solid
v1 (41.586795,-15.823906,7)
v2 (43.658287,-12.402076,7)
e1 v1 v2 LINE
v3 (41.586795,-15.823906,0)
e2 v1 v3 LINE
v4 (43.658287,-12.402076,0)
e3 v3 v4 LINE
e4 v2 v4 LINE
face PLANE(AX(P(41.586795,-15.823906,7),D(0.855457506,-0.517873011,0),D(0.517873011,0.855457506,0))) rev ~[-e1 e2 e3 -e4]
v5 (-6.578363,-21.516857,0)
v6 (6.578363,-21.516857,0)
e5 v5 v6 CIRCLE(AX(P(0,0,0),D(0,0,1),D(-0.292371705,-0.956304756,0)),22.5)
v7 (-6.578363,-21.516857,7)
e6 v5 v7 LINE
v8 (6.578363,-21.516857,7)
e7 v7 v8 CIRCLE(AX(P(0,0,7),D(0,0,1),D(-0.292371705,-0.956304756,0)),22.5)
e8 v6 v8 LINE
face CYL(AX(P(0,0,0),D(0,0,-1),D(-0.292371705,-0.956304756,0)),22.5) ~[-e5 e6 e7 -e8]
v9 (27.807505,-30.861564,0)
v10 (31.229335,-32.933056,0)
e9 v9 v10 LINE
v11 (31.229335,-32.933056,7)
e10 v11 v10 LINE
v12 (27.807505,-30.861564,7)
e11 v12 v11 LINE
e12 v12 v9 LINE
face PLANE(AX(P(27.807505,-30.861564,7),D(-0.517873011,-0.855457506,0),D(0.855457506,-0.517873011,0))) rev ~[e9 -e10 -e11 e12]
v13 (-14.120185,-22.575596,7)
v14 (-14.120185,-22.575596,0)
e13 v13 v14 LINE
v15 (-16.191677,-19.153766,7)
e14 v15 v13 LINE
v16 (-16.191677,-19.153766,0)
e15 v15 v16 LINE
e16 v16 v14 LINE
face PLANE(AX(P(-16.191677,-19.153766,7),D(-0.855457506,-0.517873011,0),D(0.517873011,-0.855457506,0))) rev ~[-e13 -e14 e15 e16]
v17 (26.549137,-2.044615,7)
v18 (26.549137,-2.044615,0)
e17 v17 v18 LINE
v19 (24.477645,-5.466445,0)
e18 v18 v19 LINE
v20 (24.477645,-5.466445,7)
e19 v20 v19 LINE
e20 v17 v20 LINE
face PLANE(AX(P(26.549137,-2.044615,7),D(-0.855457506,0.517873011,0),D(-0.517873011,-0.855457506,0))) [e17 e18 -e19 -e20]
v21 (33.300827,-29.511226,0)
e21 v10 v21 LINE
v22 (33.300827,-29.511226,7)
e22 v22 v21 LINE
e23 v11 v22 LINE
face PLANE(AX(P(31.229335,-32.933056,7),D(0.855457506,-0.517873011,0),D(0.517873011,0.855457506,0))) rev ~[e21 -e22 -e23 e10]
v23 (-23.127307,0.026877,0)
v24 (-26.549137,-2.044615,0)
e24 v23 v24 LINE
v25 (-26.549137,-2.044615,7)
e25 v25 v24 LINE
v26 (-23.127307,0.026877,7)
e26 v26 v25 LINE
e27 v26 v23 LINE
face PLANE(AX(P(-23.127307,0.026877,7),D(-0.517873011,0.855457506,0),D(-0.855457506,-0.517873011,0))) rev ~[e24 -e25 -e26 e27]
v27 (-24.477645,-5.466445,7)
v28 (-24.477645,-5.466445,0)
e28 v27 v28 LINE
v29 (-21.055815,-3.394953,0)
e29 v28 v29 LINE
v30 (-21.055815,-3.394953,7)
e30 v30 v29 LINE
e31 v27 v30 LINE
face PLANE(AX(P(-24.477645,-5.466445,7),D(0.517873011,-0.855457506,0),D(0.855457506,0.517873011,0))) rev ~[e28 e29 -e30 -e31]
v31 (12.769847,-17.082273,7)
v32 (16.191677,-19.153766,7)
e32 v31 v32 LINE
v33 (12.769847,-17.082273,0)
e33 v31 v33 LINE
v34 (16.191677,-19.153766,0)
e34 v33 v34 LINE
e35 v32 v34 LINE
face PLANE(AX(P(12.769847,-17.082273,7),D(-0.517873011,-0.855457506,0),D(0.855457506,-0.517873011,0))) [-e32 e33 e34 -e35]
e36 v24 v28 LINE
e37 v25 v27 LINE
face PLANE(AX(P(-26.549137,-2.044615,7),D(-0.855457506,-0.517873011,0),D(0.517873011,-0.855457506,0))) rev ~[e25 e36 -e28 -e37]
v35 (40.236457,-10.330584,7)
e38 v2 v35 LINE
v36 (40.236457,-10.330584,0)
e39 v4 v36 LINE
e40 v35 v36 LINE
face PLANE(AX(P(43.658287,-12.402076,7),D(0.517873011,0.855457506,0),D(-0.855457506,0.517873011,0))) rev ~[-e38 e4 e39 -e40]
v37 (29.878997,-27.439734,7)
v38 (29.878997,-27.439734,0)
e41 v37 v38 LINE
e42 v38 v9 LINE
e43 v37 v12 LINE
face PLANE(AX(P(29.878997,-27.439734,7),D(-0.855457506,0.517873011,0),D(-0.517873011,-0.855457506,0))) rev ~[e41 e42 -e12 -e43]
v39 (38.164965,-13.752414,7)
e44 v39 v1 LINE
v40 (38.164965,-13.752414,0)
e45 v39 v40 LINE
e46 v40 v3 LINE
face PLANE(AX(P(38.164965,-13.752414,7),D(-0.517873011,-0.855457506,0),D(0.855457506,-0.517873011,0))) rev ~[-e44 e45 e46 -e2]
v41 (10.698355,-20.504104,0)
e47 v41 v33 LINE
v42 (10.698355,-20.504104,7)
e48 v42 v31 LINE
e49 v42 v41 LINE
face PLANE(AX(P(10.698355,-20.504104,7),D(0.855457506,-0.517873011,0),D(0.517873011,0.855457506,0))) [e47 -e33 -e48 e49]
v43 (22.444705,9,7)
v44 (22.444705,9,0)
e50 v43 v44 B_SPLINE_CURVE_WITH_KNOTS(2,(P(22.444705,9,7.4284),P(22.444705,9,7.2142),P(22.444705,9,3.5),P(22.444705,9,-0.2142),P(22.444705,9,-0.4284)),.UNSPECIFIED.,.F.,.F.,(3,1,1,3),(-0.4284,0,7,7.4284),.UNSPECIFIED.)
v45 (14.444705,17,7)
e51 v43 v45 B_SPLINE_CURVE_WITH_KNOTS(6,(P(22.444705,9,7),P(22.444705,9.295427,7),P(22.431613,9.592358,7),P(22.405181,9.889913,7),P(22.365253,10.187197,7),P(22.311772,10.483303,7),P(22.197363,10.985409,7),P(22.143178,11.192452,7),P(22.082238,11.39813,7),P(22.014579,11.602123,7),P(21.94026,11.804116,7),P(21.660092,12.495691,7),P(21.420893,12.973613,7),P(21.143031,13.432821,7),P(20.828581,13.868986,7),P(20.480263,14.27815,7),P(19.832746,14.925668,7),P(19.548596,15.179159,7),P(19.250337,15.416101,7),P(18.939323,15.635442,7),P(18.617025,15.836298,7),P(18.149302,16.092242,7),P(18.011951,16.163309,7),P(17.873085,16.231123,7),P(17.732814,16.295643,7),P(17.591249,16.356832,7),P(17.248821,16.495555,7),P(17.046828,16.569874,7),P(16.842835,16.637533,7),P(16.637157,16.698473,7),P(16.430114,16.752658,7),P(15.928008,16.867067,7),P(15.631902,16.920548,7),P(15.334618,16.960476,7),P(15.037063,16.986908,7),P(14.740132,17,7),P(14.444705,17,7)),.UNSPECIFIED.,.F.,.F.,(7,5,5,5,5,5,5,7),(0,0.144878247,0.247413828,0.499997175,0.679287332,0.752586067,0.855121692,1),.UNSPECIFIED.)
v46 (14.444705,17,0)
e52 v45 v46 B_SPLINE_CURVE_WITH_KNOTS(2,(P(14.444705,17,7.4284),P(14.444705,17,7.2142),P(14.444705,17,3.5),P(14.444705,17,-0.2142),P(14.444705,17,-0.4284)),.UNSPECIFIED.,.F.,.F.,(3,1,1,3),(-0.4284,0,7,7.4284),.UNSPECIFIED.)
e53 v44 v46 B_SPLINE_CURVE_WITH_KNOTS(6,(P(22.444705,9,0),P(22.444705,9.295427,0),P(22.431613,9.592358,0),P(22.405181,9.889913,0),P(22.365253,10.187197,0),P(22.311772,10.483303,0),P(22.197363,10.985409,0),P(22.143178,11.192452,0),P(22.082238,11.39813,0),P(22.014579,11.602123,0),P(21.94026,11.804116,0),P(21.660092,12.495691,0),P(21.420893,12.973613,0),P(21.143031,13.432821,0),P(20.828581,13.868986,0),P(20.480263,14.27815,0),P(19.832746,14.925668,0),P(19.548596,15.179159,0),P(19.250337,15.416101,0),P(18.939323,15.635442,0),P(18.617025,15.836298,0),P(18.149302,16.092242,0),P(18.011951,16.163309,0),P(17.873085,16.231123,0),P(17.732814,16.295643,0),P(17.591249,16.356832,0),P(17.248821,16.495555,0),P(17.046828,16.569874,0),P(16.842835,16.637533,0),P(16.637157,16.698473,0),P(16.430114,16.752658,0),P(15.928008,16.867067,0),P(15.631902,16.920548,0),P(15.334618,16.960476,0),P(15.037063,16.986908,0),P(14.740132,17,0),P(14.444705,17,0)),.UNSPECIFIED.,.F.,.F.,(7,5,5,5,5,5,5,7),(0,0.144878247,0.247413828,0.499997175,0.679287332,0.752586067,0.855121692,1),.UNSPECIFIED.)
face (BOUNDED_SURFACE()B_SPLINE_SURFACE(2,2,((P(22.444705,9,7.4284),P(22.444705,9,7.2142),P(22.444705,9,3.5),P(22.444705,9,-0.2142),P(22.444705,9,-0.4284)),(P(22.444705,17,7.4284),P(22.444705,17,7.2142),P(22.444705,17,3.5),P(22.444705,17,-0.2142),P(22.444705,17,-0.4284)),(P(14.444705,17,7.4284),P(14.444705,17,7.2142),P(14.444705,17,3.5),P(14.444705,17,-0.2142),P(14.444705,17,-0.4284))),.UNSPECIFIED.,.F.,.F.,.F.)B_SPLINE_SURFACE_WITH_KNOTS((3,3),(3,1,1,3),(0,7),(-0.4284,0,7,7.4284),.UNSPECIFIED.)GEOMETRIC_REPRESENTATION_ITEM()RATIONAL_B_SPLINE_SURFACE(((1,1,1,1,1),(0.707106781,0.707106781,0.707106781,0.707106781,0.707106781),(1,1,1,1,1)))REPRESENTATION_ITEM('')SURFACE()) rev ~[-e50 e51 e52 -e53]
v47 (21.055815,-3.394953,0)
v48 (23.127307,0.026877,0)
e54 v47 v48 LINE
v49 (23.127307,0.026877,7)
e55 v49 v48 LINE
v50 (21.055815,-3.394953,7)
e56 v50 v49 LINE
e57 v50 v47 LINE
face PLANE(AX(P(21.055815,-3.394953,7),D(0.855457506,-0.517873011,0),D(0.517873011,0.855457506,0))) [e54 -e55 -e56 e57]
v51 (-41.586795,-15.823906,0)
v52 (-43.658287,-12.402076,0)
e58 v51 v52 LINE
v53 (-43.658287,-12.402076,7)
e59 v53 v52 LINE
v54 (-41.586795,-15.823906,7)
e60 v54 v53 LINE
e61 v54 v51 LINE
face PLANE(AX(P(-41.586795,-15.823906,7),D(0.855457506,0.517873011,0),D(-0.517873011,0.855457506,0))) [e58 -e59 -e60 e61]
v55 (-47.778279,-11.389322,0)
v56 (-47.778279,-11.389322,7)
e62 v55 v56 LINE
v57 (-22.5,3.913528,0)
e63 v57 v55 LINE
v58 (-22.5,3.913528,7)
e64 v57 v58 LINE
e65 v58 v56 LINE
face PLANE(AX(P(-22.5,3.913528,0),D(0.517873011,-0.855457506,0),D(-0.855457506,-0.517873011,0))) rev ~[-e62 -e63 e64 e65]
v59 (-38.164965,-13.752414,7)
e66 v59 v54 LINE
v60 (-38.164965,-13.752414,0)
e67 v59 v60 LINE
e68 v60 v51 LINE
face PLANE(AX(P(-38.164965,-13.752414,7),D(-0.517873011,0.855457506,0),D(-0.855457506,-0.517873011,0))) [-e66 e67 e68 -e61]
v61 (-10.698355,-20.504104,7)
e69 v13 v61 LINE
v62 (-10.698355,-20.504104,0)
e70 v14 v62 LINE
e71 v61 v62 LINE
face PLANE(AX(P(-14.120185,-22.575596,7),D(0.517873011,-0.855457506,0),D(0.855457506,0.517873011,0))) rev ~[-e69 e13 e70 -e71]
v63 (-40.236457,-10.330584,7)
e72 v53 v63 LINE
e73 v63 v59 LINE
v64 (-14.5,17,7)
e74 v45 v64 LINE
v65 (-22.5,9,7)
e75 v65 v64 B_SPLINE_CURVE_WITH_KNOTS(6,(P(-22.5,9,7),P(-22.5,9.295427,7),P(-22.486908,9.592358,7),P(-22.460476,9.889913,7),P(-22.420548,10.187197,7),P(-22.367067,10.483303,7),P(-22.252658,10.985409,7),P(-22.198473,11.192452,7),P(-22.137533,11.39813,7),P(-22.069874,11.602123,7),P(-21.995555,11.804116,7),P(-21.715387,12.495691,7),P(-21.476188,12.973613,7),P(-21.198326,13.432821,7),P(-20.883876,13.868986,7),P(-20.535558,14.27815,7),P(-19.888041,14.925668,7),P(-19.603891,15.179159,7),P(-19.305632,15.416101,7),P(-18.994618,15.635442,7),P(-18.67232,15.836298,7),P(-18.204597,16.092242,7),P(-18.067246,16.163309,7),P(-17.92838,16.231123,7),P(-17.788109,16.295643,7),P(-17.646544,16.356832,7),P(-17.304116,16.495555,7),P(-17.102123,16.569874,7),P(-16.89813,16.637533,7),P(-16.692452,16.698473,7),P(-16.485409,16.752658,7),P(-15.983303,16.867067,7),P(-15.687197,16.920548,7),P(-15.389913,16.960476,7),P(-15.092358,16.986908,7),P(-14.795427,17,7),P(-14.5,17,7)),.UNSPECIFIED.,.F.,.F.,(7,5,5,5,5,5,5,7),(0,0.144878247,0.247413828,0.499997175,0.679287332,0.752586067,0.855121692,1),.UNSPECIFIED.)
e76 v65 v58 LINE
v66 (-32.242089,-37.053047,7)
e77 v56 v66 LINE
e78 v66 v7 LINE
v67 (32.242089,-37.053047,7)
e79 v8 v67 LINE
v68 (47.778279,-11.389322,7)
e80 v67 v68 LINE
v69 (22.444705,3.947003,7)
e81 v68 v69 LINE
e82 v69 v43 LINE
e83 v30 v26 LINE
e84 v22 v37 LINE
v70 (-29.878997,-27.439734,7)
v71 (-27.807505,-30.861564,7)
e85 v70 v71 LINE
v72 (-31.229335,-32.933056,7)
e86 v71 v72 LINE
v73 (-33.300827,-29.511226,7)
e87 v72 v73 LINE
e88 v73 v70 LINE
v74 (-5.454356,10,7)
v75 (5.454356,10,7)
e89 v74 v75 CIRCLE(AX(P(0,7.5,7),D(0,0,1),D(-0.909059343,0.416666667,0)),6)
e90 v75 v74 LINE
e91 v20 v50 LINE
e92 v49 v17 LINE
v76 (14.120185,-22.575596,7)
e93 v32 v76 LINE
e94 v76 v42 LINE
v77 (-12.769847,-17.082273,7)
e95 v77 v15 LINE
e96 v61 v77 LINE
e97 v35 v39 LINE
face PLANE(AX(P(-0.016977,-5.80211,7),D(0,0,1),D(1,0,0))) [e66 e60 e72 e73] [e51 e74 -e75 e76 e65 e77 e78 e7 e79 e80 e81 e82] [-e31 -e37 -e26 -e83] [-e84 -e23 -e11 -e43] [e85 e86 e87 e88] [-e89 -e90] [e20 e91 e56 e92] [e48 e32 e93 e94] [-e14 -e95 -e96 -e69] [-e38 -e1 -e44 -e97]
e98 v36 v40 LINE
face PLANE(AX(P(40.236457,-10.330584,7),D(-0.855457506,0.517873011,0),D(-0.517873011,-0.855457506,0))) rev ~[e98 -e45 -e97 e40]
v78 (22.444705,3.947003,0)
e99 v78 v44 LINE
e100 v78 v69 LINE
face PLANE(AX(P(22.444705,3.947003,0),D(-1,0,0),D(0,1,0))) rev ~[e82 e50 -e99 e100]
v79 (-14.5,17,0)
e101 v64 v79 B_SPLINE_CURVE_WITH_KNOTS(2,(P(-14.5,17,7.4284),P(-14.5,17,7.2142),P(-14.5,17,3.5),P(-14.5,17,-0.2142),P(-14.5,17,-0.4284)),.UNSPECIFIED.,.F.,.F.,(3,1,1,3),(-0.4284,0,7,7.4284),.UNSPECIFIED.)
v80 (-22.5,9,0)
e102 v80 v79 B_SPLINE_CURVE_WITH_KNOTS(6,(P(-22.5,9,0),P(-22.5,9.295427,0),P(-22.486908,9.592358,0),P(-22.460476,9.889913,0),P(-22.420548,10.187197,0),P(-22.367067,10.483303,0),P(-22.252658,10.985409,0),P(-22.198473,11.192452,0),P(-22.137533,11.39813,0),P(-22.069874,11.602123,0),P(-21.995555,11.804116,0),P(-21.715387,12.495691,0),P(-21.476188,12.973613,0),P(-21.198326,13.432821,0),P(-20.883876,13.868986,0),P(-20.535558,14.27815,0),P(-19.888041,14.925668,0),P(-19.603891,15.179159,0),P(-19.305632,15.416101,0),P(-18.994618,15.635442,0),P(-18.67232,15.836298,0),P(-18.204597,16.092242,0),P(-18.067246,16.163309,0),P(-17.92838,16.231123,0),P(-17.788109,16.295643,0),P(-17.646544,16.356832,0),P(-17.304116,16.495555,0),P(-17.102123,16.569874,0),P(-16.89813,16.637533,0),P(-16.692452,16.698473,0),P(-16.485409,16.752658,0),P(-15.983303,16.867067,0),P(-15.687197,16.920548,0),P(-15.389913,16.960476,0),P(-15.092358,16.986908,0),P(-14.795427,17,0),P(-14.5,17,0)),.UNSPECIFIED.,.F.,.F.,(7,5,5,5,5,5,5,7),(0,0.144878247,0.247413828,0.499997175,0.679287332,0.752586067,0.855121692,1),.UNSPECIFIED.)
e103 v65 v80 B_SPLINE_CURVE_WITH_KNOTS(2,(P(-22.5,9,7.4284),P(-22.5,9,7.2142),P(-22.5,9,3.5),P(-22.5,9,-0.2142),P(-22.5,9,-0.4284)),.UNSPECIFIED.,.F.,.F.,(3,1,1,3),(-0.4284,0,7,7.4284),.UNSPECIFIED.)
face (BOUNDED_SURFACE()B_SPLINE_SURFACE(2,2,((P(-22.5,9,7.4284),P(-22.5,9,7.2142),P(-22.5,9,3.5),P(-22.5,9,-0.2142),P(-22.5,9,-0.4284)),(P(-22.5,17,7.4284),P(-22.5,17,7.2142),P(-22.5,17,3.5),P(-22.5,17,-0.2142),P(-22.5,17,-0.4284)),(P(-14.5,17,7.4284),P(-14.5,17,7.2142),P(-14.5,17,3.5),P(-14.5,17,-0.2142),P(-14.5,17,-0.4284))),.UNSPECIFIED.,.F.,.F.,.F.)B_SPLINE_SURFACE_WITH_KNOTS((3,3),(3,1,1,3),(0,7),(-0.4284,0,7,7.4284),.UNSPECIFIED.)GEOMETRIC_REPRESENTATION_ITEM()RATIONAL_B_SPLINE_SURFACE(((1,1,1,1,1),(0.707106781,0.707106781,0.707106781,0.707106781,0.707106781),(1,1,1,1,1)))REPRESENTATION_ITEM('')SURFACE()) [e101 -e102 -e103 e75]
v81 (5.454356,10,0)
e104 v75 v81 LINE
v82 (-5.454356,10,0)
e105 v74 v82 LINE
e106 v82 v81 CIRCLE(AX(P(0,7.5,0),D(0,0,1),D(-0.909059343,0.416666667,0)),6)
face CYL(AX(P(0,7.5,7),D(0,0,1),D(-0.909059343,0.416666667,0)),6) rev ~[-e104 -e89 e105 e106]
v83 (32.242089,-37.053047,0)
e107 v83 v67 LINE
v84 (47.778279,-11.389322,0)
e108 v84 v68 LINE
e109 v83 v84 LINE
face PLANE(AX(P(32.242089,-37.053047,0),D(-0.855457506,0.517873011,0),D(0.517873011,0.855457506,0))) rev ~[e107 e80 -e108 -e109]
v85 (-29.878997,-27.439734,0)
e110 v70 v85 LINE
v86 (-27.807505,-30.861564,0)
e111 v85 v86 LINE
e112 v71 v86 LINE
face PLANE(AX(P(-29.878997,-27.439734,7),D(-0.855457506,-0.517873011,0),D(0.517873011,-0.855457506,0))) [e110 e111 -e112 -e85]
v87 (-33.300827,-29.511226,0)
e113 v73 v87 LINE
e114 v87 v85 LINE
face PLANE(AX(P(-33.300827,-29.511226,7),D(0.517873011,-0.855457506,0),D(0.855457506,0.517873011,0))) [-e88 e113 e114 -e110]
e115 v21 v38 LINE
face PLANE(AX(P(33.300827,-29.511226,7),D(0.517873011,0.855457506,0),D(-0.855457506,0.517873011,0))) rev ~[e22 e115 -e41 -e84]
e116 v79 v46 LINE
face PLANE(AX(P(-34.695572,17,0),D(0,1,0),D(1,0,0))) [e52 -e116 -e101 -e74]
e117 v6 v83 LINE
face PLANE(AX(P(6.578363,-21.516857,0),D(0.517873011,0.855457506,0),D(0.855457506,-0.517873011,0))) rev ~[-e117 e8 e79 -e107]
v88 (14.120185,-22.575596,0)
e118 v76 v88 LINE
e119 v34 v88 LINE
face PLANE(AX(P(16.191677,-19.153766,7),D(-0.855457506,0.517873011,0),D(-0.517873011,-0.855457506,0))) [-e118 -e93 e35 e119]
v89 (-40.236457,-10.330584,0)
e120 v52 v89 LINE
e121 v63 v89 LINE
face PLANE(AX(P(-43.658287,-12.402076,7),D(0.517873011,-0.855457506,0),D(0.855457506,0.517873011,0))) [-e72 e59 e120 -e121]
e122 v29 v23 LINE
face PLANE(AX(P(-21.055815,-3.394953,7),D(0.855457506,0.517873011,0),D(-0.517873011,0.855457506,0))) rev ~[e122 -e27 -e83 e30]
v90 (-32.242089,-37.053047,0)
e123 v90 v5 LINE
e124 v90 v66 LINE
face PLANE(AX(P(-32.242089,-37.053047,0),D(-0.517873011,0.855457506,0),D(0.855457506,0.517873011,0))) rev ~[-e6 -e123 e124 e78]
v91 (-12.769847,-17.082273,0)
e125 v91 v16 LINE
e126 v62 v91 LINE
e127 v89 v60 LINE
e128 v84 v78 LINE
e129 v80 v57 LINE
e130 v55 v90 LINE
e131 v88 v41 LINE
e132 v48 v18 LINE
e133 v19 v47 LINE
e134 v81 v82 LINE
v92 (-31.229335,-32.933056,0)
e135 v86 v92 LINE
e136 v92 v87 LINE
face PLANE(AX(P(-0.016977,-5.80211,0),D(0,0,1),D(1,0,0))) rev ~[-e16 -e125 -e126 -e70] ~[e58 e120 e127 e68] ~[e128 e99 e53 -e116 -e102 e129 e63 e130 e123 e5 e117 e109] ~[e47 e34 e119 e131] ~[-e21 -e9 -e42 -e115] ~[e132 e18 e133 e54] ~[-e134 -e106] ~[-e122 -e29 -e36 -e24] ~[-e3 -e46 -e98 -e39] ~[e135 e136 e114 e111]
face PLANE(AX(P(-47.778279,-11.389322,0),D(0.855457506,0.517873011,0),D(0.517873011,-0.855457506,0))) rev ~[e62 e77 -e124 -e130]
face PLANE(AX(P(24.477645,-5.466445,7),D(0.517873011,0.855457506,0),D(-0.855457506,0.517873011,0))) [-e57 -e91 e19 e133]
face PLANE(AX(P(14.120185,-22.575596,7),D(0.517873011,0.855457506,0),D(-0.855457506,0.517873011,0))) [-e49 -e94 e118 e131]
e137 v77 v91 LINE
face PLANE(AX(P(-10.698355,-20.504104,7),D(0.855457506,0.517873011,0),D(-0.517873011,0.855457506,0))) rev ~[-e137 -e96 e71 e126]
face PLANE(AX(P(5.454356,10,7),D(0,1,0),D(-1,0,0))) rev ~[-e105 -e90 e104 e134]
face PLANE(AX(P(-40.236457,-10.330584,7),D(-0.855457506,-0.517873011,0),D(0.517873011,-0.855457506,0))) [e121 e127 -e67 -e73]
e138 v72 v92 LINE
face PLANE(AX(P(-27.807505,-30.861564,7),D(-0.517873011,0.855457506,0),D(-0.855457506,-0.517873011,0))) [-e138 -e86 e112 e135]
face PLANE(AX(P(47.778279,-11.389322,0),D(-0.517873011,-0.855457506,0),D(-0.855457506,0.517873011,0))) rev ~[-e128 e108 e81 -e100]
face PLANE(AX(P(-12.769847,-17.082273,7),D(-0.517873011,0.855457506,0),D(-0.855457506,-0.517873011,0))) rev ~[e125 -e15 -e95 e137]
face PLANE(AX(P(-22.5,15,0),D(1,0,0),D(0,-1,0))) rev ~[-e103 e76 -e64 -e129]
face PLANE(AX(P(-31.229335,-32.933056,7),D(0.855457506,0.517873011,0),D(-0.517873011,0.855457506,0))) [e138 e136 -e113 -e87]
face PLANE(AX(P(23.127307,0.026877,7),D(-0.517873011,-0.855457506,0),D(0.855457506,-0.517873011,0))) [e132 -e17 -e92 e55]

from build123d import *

# Parameters (mm, degrees)
BOSS_EXTRUDE1_DEPTH     = 7
CUT_EXTRUDE1_DEPTH      = 10
CUT_EXTRUDE2_DEPTH      = 10
SKETCH6_W               = 67.896181325
SKETCH6_H               = 26.410991635
CUT_EXTRUDE3_DEPTH      = 8
CUT_EXTRUDE3_DEPTH_BACK = 1
FILLET1_R               = 8


with BuildPart() as part:
    # Sketch2 → Boss-Extrude1 (new body)
    with BuildSketch(Plane.XY):
        with BuildLine():
            Line((47.778278861, -11.389322146), (22.444705062, 3.947002617))
            Line((22.444705062, 3.947002617), (22.444705062, 13.423543635))
            ThreePointArc((22.444705062, 13.423543635), (0.788712907, 37.486172016), (-22.5, 15))
            Line((-22.5, 15), (-22.5, 3.913528416))
            Line((-22.5, 3.913528416), (-47.778278861, -11.389322146))
            Line((-47.778278861, -11.389322146), (-32.24208854, -37.05304733))
            Line((-32.24208854, -37.05304733), (-6.578363356, -21.516857009))
            ThreePointArc((-6.578363356, -21.516857009), (0, -22.5), (6.578363356, -21.516857009))
            Line((6.578363356, -21.516857009), (32.24208854, -37.05304733))
            Line((32.24208854, -37.05304733), (47.778278861, -11.389322146))
        make_face()
    extrude(amount=BOSS_EXTRUDE1_DEPTH)

    # Sketch4 → Cut-Extrude1 (cut)
    with BuildSketch(Plane.XY.offset(7)):
        Polygon((-43.658287311, -12.402075633), (-40.236457286, -10.33058359), (-38.164965243, -13.752413614), (-41.586795268, -15.823905657), align=None)
        Polygon((-23.127307163, 0.026876624), (-26.549137188, -2.044615419), (-24.477645145, -5.466445443), (-21.055815121, -3.3949534), align=None)
        Polygon((-31.229335054, -32.93305578), (-33.300827097, -29.511225755), (-29.878997072, -27.439733712), (-27.807505029, -30.861563737), align=None)
        Polygon((-10.698354907, -20.504103523), (-12.76984695, -17.082273498), (-16.191676974, -19.153765541), (-14.120184931, -22.575595566), align=None)
        Polygon((23.127307163, 0.026876624), (26.549137188, -2.044615419), (24.477645145, -5.466445443), (21.055815121, -3.3949534), align=None)
        Polygon((43.658287311, -12.402075633), (40.236457286, -10.33058359), (38.164965243, -13.752413614), (41.586795268, -15.823905657), align=None)
        Polygon((31.229335054, -32.93305578), (33.300827097, -29.511225755), (29.878997072, -27.439733712), (27.807505029, -30.861563737), align=None)
        Polygon((10.698354907, -20.504103523), (12.76984695, -17.082273498), (16.191676974, -19.153765541), (14.120184931, -22.575595566), align=None)
    extrude(amount=-CUT_EXTRUDE1_DEPTH, mode=Mode.SUBTRACT)

    # Sketch5 → Cut-Extrude2 (cut)
    with BuildSketch(Plane.XY.offset(7)):
        with BuildLine():
            Line((5.454356057, 10), (-5.454356057, 10))
            ThreePointArc((-5.454356057, 10), (0, 1.5), (5.454356057, 10))
        make_face()
    extrude(amount=-CUT_EXTRUDE2_DEPTH, mode=Mode.SUBTRACT)

    # Sketch6 → Cut-Extrude3 (cut, two sides)
    with BuildSketch(Plane.XY) as cut_extrude3_sk:
        with Locations((-0.747480896, 30.205495818)):
            Rectangle(SKETCH6_W, SKETCH6_H)
    extrude(amount=CUT_EXTRUDE3_DEPTH, mode=Mode.SUBTRACT)
    extrude(cut_extrude3_sk.sketch, amount=-CUT_EXTRUDE3_DEPTH_BACK, mode=Mode.SUBTRACT)

    # Fillet1
    fillet1_edges = [part.edges().sort_by_distance(p)[0] for p in [
        (22.410934831, 17, 3.5),
        (-22.410934831, 17, 3.5),
    ]]
    fillet(fillet1_edges, radius=FILLET1_R)


solid = part.part
